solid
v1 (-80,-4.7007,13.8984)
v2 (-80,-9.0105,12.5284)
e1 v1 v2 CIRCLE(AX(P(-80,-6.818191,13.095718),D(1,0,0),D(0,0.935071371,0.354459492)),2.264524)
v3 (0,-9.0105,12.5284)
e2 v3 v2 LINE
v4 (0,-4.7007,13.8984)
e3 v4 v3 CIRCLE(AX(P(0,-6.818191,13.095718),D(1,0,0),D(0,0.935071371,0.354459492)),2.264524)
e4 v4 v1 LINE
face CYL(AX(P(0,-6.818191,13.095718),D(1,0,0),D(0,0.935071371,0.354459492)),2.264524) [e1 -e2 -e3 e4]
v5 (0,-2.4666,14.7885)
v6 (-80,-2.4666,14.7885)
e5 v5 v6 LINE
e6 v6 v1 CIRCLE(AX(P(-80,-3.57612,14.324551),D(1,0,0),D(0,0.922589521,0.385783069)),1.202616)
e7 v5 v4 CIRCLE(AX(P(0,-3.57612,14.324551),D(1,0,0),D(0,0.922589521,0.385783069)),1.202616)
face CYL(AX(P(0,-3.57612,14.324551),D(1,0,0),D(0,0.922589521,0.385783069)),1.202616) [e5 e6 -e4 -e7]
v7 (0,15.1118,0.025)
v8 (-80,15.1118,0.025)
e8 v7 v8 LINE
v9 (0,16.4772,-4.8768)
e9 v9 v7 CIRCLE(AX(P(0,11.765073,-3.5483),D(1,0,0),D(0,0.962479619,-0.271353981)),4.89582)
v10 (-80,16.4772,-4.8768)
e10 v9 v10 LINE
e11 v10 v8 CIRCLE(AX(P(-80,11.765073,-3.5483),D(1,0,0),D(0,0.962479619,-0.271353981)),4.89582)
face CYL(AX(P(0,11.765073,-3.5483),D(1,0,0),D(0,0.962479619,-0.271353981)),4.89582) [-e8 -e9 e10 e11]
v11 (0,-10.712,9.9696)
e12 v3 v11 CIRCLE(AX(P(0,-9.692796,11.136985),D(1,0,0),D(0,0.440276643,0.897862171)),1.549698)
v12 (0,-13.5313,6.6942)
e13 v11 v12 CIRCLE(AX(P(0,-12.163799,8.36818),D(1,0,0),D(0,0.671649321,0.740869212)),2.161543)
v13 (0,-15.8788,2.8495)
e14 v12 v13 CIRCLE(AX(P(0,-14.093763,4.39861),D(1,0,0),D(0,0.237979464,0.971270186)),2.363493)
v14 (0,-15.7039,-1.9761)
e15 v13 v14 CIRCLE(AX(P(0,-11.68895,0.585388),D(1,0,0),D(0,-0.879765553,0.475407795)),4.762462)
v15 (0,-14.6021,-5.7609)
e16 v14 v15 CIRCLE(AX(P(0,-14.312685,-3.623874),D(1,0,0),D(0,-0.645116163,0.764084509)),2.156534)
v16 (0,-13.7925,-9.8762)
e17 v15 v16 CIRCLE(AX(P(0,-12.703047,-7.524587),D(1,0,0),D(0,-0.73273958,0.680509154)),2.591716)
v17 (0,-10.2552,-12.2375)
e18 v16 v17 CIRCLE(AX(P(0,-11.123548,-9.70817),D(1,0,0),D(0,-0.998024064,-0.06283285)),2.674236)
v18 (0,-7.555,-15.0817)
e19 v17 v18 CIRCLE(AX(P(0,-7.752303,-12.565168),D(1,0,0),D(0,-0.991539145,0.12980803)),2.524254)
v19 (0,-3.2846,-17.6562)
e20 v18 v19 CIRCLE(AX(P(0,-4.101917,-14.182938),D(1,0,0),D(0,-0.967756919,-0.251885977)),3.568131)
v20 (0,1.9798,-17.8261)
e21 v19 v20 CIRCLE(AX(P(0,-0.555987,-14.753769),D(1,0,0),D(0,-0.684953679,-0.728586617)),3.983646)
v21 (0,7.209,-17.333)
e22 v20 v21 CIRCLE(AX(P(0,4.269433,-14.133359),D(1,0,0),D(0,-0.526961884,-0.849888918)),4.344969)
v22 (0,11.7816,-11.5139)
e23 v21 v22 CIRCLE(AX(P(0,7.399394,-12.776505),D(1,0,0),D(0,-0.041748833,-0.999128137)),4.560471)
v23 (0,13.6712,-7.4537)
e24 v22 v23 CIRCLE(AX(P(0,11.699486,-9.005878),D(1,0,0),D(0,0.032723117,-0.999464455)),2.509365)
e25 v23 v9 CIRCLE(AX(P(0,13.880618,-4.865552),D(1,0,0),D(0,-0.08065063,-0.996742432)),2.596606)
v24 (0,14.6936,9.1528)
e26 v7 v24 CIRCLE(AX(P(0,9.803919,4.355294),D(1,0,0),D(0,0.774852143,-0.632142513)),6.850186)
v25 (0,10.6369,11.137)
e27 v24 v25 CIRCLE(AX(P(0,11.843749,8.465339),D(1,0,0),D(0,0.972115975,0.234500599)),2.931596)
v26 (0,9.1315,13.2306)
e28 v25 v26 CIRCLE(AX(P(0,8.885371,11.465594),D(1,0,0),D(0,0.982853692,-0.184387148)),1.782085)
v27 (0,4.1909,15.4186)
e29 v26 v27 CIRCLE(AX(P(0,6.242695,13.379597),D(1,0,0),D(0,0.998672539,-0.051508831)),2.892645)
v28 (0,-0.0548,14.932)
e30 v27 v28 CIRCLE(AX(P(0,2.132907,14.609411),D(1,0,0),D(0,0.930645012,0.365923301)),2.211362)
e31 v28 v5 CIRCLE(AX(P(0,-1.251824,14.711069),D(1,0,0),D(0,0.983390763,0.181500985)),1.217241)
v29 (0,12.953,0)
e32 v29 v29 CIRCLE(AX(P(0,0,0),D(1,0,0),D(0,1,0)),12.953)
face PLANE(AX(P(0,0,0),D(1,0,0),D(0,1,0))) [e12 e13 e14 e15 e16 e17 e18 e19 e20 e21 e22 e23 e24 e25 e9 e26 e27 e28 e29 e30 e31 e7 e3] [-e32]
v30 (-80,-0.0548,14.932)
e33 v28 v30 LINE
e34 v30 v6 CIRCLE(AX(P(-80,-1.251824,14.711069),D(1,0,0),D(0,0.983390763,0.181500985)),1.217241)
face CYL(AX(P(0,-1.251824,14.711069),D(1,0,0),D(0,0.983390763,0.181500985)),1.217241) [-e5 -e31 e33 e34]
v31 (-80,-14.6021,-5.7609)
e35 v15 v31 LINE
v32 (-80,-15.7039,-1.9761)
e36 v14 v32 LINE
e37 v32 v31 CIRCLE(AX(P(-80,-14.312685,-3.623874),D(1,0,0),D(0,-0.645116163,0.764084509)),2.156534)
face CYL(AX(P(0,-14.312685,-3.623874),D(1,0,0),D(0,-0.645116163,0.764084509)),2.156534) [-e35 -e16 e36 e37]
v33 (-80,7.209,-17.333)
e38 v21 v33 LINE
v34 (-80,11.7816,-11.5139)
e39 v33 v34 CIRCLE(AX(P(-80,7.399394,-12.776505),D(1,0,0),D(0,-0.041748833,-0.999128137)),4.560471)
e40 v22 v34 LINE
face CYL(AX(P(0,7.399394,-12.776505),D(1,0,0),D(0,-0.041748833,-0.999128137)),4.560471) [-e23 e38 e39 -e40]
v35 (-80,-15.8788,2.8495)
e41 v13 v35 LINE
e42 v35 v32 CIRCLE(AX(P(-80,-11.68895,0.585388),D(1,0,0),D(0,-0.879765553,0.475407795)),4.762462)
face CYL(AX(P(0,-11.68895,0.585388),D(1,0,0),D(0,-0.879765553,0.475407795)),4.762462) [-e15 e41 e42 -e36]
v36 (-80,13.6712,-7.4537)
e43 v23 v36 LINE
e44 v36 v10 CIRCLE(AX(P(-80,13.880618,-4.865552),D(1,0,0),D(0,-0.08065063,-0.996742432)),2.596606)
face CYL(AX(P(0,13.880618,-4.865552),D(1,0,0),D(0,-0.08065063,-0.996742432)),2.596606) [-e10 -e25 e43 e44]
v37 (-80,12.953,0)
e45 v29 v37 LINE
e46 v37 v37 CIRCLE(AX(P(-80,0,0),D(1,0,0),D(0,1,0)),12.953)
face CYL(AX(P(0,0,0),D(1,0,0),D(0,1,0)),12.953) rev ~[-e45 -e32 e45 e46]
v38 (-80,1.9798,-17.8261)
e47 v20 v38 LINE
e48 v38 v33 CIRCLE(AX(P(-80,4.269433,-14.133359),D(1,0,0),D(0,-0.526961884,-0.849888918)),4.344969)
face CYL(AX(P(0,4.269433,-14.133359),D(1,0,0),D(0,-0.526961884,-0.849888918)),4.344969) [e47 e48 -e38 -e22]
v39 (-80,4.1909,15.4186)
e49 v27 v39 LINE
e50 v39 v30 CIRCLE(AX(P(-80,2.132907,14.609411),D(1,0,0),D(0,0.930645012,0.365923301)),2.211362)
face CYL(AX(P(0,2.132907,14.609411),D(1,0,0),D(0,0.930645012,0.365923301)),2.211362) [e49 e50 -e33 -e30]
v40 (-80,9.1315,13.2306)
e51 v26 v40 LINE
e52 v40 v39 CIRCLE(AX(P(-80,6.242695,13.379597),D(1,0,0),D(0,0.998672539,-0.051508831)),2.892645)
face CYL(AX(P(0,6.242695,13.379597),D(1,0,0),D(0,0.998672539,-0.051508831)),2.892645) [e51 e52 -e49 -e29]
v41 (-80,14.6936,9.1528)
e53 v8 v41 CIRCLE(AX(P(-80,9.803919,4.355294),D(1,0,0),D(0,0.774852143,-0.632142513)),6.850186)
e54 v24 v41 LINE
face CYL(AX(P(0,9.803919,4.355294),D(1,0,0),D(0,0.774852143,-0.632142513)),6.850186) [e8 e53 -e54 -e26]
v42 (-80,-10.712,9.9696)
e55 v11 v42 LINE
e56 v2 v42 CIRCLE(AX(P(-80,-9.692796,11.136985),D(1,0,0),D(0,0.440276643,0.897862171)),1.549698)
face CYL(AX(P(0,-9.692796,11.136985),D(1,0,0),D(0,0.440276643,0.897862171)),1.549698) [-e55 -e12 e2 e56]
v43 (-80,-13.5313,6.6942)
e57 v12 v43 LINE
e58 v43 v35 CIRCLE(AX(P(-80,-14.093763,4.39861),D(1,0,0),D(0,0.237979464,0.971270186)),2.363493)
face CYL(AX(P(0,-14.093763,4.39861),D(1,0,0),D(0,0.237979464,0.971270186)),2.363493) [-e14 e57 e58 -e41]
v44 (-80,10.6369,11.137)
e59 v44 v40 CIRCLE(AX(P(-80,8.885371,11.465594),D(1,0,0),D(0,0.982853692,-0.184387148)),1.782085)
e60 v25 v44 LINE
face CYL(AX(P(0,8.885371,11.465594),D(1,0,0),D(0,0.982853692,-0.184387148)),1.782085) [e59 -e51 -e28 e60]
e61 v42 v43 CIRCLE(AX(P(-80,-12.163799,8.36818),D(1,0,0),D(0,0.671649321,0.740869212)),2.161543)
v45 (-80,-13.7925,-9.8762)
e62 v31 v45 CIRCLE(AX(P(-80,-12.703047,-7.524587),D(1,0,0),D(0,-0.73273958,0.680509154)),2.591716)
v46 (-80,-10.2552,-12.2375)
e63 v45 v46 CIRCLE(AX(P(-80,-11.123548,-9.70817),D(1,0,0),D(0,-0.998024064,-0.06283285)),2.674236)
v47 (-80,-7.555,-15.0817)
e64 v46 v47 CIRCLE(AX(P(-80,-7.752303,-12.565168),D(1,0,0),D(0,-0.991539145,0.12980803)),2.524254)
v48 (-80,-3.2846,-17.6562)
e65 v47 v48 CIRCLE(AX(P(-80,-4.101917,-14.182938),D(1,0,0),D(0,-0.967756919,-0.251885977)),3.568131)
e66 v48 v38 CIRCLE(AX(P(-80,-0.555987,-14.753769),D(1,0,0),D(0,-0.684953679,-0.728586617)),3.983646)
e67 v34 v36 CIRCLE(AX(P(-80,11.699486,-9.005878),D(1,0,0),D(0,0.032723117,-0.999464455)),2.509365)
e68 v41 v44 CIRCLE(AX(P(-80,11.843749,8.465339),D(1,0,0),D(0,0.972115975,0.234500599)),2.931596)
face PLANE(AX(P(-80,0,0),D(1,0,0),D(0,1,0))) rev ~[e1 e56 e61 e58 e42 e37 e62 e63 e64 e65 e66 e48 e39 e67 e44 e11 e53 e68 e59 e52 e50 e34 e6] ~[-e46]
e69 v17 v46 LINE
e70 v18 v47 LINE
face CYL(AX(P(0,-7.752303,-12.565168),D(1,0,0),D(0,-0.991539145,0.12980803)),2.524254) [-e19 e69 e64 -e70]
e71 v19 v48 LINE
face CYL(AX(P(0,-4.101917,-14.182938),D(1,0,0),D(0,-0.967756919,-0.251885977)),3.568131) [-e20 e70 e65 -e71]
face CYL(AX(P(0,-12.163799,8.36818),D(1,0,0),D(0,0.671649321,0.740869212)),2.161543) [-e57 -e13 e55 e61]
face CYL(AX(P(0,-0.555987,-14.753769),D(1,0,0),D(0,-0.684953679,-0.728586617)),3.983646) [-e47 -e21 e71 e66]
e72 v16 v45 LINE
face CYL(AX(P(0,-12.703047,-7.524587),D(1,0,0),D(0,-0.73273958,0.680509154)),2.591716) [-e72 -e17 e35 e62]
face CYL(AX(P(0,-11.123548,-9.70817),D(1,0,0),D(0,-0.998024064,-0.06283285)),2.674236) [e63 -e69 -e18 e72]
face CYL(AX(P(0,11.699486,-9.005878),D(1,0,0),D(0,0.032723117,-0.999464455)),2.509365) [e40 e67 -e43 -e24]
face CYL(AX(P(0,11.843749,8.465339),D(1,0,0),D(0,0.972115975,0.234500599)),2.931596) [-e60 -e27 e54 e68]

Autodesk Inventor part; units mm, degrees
ref_plane "YZ Plane" through (0, 0, 0) normal (1, 0, 0) x (0, 1, 0)
ref_plane "XZ Plane" through (0, 0, 0) normal (0, 1, 0) x (-1, 0, 0)
ref_plane "XY Plane" through (0, 0, 0) normal (0, 0, 1) x (1, 0, 0)
sketch "Sketch1" plane through (0, 0, 0) normal (1, 0, 0) x (0, 1, 0)
  arc A0 (4.1909, 15.4186) -> (-0.0548, 14.932) centre (2.1329, 14.6094) ccw
  arc A1 (9.1315, 13.2306) -> (4.1909, 15.4186) centre (6.2427, 13.3796) ccw
  arc A2 (10.6369, 11.137) -> (9.1315, 13.2306) centre (8.8854, 11.4656) ccw
  arc A3 (14.6936, 9.1528) -> (10.6369, 11.137) centre (11.8437, 8.4653) ccw
  arc A4 (13.6712, -7.4537) -> (16.4772, -4.8768) centre (13.8806, -4.8655) ccw
  arc A5 (11.7816, -11.5139) -> (13.6712, -7.4537) centre (11.6995, -9.0059) ccw
  arc A6 (7.209, -17.333) -> (11.7816, -11.5139) centre (7.3993, -12.7763) ccw
  arc A7 (1.9798, -17.8261) -> (7.209, -17.333) centre (4.2694, -14.1335) ccw
  arc A8 (-3.2846, -17.6562) -> (1.9798, -17.8261) centre (-0.556, -14.7538) ccw
  arc A9 (-7.555, -15.0817) -> (-3.2846, -17.6562) centre (-4.102, -14.183) ccw
  arc A10 (-10.2552, -12.2375) -> (-7.555, -15.0817) centre (-7.7524, -12.5652) ccw
  arc A11 (-13.7925, -9.8762) -> (-10.2552, -12.2375) centre (-11.1236, -9.7082) ccw
  arc A12 (-14.6021, -5.7609) -> (-13.7925, -9.8762) centre (-12.703, -7.5246) ccw
  arc A13 (-15.7039, -1.9761) -> (-14.6021, -5.7609) centre (-14.3126, -3.6239) ccw
  arc A14 (-15.8788, 2.8495) -> (-15.7039, -1.9761) centre (-11.689, 0.5854) ccw
  arc A15 (-13.5313, 6.6942) -> (-15.8788, 2.8495) centre (-14.0938, 4.3987) ccw
  arc A16 (-10.712, 9.9696) -> (-13.5313, 6.6942) centre (-12.1638, 8.3682) ccw
  arc A17 (-9.0105, 12.5284) -> (-10.712, 9.9696) centre (-9.6928, 11.137) ccw
  arc A18 (-4.7007, 13.8984) -> (-9.0105, 12.5284) centre (-6.8182, 13.0957) ccw
  arc A19 (-2.4666, 14.7885) -> (-4.7007, 13.8984) centre (-3.5761, 14.3246) ccw
  arc A20 (-0.0548, 14.932) -> (-2.4666, 14.7885) centre (-1.2518, 14.7111) ccw
  arc A21 (15.1118, 0.025) -> (14.6936, 9.1528) centre (9.8039, 4.3553) ccw
  arc A22 (16.4772, -4.8768) -> (15.1118, 0.025) centre (11.7652, -3.5483) ccw
  point P0 (0, 0)
  point P1 (-10.7372, 9.9921)
extrude "Extrusion1" add sketch "Sketch1" against normal blind 80
sketch "Sketch2" plane through (0, 0, 0) normal (1, 0, 0) x (0, 1, 0)
  circle A0 centre (0, 0) radius 12.953
extrude "Extrusion2" cut sketch "Sketch2" against normal blind 81
properties part number "MANGA PAT1"
